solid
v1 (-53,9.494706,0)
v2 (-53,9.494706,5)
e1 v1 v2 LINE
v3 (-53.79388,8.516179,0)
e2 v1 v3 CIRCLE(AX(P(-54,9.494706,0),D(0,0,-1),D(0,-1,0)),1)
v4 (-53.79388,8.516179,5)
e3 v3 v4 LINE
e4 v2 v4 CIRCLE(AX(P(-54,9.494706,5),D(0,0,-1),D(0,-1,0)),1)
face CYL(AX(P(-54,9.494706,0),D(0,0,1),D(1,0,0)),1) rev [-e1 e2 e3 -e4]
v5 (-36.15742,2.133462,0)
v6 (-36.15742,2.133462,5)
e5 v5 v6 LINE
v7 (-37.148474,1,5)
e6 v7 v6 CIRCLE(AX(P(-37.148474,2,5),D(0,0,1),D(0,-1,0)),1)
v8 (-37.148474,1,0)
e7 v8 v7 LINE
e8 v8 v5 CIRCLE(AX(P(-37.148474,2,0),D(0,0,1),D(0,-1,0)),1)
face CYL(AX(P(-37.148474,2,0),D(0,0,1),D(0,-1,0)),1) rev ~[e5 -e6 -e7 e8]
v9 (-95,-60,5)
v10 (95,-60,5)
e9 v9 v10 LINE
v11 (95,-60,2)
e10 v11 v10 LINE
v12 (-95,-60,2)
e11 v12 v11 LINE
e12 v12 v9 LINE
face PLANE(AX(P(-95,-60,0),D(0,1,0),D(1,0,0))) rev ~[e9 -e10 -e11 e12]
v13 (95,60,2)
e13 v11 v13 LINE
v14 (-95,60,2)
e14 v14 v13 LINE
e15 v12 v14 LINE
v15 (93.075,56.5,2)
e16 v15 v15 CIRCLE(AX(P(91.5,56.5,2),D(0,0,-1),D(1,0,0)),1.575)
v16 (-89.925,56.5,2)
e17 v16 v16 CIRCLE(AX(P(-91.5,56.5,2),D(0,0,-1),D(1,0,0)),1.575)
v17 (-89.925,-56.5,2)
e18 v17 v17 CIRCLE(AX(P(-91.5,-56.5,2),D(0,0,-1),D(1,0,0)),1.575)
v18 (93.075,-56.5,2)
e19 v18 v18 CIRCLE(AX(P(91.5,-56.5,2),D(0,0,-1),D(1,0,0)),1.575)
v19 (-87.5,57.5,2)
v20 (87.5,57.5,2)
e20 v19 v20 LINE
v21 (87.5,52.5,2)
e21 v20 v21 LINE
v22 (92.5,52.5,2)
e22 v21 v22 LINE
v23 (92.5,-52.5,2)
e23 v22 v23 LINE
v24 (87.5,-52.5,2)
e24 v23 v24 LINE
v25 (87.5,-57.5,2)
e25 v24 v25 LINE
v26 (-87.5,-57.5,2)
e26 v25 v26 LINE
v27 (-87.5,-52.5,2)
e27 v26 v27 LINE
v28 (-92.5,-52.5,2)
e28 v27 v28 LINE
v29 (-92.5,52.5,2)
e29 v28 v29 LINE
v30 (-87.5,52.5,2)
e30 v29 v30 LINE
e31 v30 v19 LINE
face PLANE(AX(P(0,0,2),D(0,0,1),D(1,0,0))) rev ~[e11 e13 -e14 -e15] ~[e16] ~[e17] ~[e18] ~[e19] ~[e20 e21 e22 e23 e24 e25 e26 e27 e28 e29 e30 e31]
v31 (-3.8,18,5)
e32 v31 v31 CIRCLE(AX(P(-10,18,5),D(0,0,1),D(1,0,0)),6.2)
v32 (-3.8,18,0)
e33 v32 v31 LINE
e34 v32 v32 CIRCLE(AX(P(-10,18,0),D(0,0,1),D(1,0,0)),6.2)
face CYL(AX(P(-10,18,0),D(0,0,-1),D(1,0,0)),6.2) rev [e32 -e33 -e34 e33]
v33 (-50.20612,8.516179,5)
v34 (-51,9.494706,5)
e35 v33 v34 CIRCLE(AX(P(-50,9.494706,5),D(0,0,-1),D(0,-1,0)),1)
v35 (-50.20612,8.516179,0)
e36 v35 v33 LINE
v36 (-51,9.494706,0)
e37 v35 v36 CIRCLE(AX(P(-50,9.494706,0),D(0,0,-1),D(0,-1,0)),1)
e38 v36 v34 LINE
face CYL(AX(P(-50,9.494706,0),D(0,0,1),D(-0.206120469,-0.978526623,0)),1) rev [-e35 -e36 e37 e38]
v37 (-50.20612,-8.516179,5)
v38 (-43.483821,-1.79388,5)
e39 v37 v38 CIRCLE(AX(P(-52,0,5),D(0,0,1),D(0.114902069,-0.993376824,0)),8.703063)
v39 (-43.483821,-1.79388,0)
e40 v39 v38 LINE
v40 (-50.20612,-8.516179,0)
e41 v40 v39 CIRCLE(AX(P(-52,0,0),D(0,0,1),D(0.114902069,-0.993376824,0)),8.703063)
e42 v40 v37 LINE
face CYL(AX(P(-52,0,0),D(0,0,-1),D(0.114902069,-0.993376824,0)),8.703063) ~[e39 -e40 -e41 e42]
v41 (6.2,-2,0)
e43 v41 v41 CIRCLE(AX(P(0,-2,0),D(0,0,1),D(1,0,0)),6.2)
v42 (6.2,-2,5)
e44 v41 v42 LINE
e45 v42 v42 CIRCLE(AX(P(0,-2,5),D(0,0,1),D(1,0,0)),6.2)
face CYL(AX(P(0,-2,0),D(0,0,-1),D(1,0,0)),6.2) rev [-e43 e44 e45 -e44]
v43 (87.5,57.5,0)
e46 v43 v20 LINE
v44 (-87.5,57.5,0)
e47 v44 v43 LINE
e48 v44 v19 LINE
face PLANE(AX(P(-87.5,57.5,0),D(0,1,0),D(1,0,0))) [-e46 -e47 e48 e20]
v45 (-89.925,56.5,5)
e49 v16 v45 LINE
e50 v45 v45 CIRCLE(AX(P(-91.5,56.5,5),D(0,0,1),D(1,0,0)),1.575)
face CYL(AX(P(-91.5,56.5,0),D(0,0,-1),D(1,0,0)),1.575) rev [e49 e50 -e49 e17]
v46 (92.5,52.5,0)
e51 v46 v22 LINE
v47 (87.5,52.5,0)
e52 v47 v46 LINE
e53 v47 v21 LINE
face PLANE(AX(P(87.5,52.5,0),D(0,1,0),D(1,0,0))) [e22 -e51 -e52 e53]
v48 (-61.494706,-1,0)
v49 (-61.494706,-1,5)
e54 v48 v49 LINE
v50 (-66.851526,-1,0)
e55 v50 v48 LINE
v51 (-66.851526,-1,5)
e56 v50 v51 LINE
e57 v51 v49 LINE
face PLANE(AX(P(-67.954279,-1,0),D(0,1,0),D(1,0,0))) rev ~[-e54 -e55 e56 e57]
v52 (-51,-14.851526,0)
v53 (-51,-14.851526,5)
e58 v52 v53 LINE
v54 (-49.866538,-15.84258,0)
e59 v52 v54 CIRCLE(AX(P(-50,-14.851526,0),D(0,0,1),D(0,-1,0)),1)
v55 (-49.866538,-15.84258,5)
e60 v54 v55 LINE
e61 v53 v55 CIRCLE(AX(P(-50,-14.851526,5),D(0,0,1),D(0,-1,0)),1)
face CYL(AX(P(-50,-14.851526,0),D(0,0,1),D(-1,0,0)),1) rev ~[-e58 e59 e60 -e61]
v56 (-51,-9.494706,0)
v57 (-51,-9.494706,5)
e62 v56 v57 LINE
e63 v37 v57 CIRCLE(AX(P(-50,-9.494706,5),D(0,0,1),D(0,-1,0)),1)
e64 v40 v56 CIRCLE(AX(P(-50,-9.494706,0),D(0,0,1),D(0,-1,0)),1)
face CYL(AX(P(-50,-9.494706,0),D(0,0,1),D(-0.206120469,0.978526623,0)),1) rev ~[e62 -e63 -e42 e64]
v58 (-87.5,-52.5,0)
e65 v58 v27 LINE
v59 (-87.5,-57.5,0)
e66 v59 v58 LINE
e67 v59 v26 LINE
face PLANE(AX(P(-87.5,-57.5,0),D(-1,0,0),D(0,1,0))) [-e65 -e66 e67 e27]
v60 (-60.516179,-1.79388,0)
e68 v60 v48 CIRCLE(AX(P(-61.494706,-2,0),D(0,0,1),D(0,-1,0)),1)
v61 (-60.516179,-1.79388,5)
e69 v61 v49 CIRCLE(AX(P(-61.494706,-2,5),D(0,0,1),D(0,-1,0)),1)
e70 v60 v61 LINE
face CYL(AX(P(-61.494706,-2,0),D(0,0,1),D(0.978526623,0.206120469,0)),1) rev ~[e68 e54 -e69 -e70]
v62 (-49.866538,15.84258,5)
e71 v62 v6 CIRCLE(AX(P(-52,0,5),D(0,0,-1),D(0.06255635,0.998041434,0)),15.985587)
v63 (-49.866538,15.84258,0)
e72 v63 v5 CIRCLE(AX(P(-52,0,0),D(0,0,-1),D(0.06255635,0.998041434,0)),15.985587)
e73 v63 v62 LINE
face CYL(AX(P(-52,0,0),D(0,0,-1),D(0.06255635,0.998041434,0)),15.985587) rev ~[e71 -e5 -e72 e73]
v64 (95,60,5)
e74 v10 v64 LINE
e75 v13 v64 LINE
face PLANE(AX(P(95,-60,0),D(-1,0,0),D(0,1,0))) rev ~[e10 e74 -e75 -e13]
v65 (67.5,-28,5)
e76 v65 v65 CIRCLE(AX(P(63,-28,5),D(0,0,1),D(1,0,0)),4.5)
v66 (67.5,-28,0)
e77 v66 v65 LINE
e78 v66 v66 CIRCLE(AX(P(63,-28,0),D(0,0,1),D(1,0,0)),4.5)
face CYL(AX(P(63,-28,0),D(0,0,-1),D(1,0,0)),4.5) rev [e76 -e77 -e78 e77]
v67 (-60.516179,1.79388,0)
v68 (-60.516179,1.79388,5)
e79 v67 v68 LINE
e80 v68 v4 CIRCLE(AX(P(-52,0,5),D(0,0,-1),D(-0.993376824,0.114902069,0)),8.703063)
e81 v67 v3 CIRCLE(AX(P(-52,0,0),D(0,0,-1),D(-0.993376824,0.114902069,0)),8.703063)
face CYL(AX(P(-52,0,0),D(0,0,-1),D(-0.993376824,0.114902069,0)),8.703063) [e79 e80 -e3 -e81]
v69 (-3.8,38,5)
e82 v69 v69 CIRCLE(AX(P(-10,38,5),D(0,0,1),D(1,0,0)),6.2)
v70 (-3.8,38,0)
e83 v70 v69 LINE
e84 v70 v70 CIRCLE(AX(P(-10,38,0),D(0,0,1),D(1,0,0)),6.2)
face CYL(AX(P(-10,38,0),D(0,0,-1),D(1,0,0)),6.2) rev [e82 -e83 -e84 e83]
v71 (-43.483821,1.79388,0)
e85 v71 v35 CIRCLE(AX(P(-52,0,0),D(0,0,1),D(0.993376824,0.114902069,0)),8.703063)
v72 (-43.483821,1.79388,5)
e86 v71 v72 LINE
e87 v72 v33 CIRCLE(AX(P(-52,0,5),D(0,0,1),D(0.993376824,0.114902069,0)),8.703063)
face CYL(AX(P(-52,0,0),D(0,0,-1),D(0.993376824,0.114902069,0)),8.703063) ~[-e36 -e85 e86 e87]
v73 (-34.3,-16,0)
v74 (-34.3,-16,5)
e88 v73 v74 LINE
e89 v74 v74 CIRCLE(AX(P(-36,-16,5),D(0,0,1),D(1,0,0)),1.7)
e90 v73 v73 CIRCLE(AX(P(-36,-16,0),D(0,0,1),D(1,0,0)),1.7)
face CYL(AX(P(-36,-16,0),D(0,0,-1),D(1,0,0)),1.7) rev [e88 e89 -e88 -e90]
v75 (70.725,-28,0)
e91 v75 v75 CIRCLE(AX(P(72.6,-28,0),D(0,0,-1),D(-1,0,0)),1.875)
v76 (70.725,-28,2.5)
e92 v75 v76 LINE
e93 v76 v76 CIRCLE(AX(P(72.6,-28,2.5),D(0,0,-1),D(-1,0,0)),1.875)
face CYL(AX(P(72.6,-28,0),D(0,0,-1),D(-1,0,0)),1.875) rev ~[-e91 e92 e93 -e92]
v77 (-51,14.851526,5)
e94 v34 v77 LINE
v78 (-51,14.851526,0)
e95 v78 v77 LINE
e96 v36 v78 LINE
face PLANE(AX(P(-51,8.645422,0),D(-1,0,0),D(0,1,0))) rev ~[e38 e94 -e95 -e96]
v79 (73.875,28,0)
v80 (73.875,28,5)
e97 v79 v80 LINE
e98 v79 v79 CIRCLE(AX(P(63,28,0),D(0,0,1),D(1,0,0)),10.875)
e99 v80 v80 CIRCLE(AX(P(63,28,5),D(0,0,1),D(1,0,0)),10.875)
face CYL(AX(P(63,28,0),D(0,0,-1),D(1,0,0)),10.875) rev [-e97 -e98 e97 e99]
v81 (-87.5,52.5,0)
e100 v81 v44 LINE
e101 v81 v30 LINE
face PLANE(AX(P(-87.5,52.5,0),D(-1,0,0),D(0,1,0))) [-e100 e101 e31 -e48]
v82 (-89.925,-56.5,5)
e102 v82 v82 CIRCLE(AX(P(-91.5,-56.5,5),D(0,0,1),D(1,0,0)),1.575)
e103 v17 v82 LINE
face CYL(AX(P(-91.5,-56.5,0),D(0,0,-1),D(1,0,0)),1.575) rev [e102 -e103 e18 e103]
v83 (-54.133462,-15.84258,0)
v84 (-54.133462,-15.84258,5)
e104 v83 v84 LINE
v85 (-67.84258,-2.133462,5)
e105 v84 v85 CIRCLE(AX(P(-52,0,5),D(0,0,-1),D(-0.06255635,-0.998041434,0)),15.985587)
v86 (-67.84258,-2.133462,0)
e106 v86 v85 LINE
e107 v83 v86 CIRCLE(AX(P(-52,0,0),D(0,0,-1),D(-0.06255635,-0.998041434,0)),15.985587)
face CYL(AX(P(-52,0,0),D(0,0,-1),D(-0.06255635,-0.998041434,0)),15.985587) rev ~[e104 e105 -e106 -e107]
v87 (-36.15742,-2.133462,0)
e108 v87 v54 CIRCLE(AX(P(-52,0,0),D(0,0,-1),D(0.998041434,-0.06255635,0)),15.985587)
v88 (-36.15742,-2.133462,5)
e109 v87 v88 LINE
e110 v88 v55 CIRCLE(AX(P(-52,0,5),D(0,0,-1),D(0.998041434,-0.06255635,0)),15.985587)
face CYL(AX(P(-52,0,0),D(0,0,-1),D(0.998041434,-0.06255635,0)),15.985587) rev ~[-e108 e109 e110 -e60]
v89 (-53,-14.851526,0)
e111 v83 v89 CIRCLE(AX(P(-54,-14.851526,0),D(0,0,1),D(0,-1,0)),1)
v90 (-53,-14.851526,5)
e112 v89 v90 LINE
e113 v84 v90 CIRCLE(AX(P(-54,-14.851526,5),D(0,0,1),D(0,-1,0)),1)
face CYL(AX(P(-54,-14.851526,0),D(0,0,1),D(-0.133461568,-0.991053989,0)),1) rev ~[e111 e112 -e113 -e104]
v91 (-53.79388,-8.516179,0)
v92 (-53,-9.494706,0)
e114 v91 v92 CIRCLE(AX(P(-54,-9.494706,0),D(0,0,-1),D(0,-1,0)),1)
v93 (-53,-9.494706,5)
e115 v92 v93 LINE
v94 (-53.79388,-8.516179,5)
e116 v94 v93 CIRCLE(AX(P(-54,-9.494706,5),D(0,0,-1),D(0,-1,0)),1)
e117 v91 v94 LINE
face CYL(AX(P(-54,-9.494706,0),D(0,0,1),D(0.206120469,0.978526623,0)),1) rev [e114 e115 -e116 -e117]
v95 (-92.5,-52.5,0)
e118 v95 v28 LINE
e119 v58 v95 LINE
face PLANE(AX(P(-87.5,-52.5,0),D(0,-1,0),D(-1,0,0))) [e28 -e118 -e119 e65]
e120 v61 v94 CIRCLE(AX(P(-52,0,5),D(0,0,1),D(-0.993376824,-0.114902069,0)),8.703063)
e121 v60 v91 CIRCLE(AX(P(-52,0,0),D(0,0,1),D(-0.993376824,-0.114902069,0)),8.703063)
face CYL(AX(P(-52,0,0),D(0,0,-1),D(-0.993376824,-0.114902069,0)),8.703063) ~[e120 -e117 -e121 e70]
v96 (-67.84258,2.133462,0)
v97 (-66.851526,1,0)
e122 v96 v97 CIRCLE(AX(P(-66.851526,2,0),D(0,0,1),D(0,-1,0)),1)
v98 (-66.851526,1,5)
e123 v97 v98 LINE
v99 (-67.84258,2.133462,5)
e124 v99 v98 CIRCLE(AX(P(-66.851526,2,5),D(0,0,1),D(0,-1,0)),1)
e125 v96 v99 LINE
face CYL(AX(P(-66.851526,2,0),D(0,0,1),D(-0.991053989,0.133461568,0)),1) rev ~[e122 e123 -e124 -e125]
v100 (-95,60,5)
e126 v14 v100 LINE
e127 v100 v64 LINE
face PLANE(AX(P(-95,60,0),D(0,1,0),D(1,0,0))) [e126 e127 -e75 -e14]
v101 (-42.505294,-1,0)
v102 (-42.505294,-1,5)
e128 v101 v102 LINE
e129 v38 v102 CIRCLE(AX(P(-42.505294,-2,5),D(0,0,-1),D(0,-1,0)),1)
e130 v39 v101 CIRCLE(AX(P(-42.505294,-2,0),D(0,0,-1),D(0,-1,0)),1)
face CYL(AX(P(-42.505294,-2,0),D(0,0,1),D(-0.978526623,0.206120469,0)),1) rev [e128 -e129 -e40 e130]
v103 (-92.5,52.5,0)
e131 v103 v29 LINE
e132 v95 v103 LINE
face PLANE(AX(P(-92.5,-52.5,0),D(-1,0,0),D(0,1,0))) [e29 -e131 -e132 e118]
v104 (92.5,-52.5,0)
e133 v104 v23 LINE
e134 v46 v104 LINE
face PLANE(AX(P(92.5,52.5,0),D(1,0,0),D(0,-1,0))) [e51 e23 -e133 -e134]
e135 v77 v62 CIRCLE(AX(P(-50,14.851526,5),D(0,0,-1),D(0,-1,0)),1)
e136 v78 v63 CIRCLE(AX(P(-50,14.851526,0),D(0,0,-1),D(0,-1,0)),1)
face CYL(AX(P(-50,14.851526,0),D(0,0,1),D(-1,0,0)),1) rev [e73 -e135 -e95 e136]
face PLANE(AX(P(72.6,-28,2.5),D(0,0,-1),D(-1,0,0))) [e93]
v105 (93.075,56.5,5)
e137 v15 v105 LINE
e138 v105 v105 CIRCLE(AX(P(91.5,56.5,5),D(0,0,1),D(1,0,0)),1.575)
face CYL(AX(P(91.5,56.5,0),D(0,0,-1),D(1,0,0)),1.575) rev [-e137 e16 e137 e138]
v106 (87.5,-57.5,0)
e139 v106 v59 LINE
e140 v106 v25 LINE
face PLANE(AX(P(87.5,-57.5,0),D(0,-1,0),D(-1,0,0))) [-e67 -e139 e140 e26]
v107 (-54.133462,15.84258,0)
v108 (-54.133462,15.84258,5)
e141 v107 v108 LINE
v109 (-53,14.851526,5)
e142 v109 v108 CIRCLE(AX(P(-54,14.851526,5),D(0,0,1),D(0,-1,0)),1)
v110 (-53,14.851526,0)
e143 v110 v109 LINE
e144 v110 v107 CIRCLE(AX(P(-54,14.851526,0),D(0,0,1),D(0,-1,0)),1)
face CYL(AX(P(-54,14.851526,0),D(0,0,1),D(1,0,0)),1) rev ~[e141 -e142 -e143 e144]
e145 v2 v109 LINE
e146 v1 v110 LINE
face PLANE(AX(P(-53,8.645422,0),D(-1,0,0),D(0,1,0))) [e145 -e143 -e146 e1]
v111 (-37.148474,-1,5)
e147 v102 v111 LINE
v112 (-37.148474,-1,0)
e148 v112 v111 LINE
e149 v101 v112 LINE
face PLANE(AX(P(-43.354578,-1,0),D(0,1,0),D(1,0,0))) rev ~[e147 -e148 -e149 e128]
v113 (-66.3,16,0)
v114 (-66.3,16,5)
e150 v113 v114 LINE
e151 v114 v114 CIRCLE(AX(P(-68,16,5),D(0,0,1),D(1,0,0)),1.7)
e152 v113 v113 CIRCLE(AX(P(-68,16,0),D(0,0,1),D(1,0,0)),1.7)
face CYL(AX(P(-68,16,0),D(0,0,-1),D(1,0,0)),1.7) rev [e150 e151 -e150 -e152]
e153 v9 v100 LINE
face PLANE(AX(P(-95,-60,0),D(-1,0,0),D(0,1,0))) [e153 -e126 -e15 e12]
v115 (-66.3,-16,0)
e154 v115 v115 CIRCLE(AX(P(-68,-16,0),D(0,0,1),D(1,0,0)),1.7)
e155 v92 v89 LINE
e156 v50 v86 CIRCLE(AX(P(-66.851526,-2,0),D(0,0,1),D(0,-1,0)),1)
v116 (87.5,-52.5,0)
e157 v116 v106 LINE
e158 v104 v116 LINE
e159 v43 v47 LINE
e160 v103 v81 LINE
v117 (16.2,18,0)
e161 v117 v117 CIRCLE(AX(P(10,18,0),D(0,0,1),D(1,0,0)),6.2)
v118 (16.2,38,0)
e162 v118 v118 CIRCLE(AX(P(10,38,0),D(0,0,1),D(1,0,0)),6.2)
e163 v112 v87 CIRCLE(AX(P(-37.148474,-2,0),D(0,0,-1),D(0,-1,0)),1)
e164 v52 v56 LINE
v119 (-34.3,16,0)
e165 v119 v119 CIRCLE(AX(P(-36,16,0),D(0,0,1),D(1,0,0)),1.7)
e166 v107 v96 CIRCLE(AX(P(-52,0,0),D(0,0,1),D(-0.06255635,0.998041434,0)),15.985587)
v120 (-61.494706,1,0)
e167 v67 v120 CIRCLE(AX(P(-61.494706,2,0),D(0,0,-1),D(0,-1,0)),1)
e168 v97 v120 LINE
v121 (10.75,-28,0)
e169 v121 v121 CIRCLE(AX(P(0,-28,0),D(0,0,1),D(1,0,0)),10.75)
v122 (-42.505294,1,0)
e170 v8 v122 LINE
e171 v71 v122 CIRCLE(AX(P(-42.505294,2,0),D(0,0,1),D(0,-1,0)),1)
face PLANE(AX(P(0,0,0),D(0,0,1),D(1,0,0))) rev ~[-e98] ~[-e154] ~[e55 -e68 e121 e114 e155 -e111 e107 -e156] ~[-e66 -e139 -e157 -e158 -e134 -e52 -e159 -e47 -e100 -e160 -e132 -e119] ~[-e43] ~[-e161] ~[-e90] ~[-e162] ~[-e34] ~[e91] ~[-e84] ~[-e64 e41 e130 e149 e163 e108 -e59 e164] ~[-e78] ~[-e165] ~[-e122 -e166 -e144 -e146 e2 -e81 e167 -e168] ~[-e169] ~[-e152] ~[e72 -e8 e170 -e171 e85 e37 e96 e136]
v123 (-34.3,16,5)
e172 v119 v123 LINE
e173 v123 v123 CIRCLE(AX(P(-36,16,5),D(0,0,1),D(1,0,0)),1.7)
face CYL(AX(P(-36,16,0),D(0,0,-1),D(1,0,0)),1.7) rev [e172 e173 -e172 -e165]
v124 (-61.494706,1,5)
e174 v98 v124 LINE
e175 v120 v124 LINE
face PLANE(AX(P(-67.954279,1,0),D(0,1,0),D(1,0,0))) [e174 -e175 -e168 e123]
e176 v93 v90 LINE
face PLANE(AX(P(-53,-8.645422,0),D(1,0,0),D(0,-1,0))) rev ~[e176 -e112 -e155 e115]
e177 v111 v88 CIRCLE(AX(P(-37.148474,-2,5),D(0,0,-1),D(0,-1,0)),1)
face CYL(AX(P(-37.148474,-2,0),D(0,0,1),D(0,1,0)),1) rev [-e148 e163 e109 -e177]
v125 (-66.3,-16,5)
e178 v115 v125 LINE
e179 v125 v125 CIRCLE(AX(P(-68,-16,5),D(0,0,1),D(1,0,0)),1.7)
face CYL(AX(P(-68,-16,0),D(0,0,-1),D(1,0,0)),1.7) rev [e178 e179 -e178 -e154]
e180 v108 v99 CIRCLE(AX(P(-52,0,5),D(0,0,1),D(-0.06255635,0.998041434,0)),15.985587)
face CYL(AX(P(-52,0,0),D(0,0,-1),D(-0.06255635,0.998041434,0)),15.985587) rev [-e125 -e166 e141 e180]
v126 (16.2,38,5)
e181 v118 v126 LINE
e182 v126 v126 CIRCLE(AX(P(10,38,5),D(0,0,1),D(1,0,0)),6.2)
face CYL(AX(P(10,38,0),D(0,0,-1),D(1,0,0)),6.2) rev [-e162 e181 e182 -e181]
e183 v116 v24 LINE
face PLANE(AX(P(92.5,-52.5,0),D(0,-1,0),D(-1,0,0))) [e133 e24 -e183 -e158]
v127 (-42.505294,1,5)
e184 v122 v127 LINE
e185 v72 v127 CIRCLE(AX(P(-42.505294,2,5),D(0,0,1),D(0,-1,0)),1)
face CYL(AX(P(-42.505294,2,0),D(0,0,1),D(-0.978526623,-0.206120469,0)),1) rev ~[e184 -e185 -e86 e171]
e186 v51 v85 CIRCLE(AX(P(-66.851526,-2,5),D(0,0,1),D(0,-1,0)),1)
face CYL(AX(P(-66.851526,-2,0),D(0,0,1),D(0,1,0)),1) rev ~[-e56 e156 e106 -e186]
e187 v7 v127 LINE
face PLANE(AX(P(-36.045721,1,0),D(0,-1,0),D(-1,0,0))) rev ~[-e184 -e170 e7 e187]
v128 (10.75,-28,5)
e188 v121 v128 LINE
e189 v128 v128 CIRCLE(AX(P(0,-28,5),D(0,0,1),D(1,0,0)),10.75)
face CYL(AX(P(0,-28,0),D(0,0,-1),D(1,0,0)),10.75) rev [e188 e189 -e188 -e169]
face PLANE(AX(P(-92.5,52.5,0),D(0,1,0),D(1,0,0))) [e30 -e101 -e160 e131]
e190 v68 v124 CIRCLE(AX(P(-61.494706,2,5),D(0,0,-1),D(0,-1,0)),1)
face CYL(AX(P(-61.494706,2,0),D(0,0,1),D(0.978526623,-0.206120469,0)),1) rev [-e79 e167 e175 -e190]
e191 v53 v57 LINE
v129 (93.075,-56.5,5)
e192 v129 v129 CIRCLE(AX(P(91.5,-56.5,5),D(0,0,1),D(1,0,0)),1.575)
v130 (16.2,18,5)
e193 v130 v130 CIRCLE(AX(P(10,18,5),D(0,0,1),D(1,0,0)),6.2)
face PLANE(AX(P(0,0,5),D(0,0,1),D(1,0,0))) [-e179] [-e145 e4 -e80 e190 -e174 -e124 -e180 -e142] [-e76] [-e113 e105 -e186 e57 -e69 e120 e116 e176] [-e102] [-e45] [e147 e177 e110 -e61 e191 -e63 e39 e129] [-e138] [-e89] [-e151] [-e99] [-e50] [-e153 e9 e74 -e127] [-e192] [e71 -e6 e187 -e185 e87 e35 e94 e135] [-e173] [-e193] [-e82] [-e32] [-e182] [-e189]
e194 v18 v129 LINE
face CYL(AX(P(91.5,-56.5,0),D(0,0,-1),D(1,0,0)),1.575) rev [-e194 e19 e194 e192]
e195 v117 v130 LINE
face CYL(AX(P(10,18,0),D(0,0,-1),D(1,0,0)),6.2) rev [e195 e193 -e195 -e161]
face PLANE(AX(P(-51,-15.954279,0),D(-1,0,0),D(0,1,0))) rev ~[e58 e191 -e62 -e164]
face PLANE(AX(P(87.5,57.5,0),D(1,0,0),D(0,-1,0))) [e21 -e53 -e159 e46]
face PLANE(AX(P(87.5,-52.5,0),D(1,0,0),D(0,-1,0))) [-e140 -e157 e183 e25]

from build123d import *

# Parameters (mm, degrees)
SKETCH1_W               = 190
SKETCH1_H               = 120
SKETCH1_R               = 1.575
SKETCH1_R_2             = 1.7
SKETCH1_R_3             = 10.875
SKETCH1_R_4             = 10.75
SKETCH1_R_5             = 4.5
SKETCH1_R_6             = 6.2
BOSS_EXTRUDE1_DEPTH     = 5
SKETCH5_W               = 190
SKETCH5_H               = 120
CUT_EXTRUDE3_DEPTH      = 2
CUT_EXTRUDE3_DEPTH_BACK = 1
FILLET1_R               = 1
SKETCH6_R               = 1.875
CUT_EXTRUDE4_DEPTH      = 2.5


with BuildPart() as part:
    # Sketch1 → Boss-Extrude1 (new body)
    with BuildSketch(Plane.XY):
        Rectangle(SKETCH1_W, SKETCH1_H)
        with Locations((-91.5, 56.5)):
            Circle(SKETCH1_R, mode=Mode.SUBTRACT)
        with Locations((91.5, 56.5)):
            Circle(SKETCH1_R, mode=Mode.SUBTRACT)
        with Locations((91.5, -56.5)):
            Circle(SKETCH1_R, mode=Mode.SUBTRACT)
        with Locations((-91.5, -56.5)):
            Circle(SKETCH1_R, mode=Mode.SUBTRACT)
        with Locations((-36, 16)):
            Circle(SKETCH1_R_2, mode=Mode.SUBTRACT)
        with Locations((-36, -16)):
            Circle(SKETCH1_R_2, mode=Mode.SUBTRACT)
        with Locations((-68, -16)):
            Circle(SKETCH1_R_2, mode=Mode.SUBTRACT)
        with Locations((-68, 16)):
            Circle(SKETCH1_R_2, mode=Mode.SUBTRACT)
        with Locations((63, 28)):
            Circle(SKETCH1_R_3, mode=Mode.SUBTRACT)
        with Locations((0, -28)):
            Circle(SKETCH1_R_4, mode=Mode.SUBTRACT)
        with Locations((63, -28)):
            Circle(SKETCH1_R_5, mode=Mode.SUBTRACT)
        with Locations((-10, 38)):
            Circle(SKETCH1_R_6, mode=Mode.SUBTRACT)
        with Locations((10, 18)):
            Circle(SKETCH1_R_6, mode=Mode.SUBTRACT)
        with Locations((0, -2)):
            Circle(SKETCH1_R_6, mode=Mode.SUBTRACT)
        with Locations((-10, 18)):
            Circle(SKETCH1_R_6, mode=Mode.SUBTRACT)
        with Locations((10, 38)):
            Circle(SKETCH1_R_6, mode=Mode.SUBTRACT)
        with BuildLine():
            Line((-53, 8.645421567), (-53, 15.954278592))
            ThreePointArc((-53, 15.954278592), (-63.303517271, 11.303517271), (-67.954278592, 1))
            Line((-67.954278592, 1), (-60.645421567, 1))
            ThreePointArc((-60.645421567, 1), (-58.153995209, 6.153995209), (-53, 8.645421567))
        make_face(mode=Mode.SUBTRACT)
        with BuildLine():
            Line((-51, 8.645421567), (-51, 15.954278592))
            ThreePointArc((-51, 15.954278592), (-40.696482729, 11.303517271), (-36.045721408, 1))
            Line((-36.045721408, 1), (-43.354578433, 1))
            ThreePointArc((-43.354578433, 1), (-45.846004791, 6.153995209), (-51, 8.645421567))
        make_face(mode=Mode.SUBTRACT)
        with BuildLine():
            Line((-43.354578433, -1), (-36.045721408, -1))
            ThreePointArc((-36.045721408, -1), (-40.696482729, -11.303517271), (-51, -15.954278592))
            Line((-51, -15.954278592), (-51, -8.645421567))
            ThreePointArc((-51, -8.645421567), (-45.846004791, -6.153995209), (-43.354578433, -1))
        make_face(mode=Mode.SUBTRACT)
        with BuildLine():
            Line((-53, -8.645421567), (-53, -15.954278592))
            ThreePointArc((-53, -15.954278592), (-63.303517271, -11.303517271), (-67.954278592, -1))
            Line((-67.954278592, -1), (-60.645421567, -1))
            ThreePointArc((-60.645421567, -1), (-58.153995209, -6.153995209), (-53, -8.645421567))
        make_face(mode=Mode.SUBTRACT)
    extrude(amount=BOSS_EXTRUDE1_DEPTH)

    # Sketch5 → Cut-Extrude3 (cut, two sides)
    with BuildSketch(Plane.XY) as cut_extrude3_sk:
        Rectangle(SKETCH5_W, SKETCH5_H)
        Polygon((-87.5, 57.5), (87.5, 57.5), (87.5, 52.5), (92.5, 52.5), (92.5, -52.5), (87.5, -52.5), (87.5, -57.5), (-87.5, -57.5), (-87.5, -52.5), (-92.5, -52.5), (-92.5, 52.5), (-87.5, 52.5), align=None, mode=Mode.SUBTRACT)
    extrude(amount=CUT_EXTRUDE3_DEPTH, mode=Mode.SUBTRACT)
    extrude(cut_extrude3_sk.sketch, amount=-CUT_EXTRUDE3_DEPTH_BACK, mode=Mode.SUBTRACT)

    # Fillet1
    fillet1_edges = [part.edges().sort_by_distance(p)[0] for p in [
        (-43.354578433, -1, 2.5),
        (-51, -8.645421567, 2.5),
        (-51, -15.954278592, 2.5),
        (-36.045721408, -1, 2.5),
        (-53, -8.645421567, 2.5),
        (-60.645421567, -1, 2.5),
        (-67.954278592, -1, 2.5),
        (-53, -15.954278592, 2.5),
        (-60.645421567, 1, 2.5),
        (-53, 8.645421567, 2.5),
        (-53, 15.954278592, 2.5),
        (-67.954278592, 1, 2.5),
        (-51, 8.645421567, 2.5),
        (-43.354578433, 1, 2.5),
        (-36.045721408, 1, 2.5),
        (-51, 15.954278592, 2.5),
    ]]
    fillet(fillet1_edges, radius=FILLET1_R)

    # Sketch6 → Cut-Extrude4 (cut)
    with BuildSketch(Plane(origin=(0, 0, 0), x_dir=(-1, 0, 0), z_dir=(0, 0, -1))):
        with Locations((-72.6, -28)):
            Circle(SKETCH6_R)
    extrude(amount=-CUT_EXTRUDE4_DEPTH, mode=Mode.SUBTRACT)


solid = part.part
